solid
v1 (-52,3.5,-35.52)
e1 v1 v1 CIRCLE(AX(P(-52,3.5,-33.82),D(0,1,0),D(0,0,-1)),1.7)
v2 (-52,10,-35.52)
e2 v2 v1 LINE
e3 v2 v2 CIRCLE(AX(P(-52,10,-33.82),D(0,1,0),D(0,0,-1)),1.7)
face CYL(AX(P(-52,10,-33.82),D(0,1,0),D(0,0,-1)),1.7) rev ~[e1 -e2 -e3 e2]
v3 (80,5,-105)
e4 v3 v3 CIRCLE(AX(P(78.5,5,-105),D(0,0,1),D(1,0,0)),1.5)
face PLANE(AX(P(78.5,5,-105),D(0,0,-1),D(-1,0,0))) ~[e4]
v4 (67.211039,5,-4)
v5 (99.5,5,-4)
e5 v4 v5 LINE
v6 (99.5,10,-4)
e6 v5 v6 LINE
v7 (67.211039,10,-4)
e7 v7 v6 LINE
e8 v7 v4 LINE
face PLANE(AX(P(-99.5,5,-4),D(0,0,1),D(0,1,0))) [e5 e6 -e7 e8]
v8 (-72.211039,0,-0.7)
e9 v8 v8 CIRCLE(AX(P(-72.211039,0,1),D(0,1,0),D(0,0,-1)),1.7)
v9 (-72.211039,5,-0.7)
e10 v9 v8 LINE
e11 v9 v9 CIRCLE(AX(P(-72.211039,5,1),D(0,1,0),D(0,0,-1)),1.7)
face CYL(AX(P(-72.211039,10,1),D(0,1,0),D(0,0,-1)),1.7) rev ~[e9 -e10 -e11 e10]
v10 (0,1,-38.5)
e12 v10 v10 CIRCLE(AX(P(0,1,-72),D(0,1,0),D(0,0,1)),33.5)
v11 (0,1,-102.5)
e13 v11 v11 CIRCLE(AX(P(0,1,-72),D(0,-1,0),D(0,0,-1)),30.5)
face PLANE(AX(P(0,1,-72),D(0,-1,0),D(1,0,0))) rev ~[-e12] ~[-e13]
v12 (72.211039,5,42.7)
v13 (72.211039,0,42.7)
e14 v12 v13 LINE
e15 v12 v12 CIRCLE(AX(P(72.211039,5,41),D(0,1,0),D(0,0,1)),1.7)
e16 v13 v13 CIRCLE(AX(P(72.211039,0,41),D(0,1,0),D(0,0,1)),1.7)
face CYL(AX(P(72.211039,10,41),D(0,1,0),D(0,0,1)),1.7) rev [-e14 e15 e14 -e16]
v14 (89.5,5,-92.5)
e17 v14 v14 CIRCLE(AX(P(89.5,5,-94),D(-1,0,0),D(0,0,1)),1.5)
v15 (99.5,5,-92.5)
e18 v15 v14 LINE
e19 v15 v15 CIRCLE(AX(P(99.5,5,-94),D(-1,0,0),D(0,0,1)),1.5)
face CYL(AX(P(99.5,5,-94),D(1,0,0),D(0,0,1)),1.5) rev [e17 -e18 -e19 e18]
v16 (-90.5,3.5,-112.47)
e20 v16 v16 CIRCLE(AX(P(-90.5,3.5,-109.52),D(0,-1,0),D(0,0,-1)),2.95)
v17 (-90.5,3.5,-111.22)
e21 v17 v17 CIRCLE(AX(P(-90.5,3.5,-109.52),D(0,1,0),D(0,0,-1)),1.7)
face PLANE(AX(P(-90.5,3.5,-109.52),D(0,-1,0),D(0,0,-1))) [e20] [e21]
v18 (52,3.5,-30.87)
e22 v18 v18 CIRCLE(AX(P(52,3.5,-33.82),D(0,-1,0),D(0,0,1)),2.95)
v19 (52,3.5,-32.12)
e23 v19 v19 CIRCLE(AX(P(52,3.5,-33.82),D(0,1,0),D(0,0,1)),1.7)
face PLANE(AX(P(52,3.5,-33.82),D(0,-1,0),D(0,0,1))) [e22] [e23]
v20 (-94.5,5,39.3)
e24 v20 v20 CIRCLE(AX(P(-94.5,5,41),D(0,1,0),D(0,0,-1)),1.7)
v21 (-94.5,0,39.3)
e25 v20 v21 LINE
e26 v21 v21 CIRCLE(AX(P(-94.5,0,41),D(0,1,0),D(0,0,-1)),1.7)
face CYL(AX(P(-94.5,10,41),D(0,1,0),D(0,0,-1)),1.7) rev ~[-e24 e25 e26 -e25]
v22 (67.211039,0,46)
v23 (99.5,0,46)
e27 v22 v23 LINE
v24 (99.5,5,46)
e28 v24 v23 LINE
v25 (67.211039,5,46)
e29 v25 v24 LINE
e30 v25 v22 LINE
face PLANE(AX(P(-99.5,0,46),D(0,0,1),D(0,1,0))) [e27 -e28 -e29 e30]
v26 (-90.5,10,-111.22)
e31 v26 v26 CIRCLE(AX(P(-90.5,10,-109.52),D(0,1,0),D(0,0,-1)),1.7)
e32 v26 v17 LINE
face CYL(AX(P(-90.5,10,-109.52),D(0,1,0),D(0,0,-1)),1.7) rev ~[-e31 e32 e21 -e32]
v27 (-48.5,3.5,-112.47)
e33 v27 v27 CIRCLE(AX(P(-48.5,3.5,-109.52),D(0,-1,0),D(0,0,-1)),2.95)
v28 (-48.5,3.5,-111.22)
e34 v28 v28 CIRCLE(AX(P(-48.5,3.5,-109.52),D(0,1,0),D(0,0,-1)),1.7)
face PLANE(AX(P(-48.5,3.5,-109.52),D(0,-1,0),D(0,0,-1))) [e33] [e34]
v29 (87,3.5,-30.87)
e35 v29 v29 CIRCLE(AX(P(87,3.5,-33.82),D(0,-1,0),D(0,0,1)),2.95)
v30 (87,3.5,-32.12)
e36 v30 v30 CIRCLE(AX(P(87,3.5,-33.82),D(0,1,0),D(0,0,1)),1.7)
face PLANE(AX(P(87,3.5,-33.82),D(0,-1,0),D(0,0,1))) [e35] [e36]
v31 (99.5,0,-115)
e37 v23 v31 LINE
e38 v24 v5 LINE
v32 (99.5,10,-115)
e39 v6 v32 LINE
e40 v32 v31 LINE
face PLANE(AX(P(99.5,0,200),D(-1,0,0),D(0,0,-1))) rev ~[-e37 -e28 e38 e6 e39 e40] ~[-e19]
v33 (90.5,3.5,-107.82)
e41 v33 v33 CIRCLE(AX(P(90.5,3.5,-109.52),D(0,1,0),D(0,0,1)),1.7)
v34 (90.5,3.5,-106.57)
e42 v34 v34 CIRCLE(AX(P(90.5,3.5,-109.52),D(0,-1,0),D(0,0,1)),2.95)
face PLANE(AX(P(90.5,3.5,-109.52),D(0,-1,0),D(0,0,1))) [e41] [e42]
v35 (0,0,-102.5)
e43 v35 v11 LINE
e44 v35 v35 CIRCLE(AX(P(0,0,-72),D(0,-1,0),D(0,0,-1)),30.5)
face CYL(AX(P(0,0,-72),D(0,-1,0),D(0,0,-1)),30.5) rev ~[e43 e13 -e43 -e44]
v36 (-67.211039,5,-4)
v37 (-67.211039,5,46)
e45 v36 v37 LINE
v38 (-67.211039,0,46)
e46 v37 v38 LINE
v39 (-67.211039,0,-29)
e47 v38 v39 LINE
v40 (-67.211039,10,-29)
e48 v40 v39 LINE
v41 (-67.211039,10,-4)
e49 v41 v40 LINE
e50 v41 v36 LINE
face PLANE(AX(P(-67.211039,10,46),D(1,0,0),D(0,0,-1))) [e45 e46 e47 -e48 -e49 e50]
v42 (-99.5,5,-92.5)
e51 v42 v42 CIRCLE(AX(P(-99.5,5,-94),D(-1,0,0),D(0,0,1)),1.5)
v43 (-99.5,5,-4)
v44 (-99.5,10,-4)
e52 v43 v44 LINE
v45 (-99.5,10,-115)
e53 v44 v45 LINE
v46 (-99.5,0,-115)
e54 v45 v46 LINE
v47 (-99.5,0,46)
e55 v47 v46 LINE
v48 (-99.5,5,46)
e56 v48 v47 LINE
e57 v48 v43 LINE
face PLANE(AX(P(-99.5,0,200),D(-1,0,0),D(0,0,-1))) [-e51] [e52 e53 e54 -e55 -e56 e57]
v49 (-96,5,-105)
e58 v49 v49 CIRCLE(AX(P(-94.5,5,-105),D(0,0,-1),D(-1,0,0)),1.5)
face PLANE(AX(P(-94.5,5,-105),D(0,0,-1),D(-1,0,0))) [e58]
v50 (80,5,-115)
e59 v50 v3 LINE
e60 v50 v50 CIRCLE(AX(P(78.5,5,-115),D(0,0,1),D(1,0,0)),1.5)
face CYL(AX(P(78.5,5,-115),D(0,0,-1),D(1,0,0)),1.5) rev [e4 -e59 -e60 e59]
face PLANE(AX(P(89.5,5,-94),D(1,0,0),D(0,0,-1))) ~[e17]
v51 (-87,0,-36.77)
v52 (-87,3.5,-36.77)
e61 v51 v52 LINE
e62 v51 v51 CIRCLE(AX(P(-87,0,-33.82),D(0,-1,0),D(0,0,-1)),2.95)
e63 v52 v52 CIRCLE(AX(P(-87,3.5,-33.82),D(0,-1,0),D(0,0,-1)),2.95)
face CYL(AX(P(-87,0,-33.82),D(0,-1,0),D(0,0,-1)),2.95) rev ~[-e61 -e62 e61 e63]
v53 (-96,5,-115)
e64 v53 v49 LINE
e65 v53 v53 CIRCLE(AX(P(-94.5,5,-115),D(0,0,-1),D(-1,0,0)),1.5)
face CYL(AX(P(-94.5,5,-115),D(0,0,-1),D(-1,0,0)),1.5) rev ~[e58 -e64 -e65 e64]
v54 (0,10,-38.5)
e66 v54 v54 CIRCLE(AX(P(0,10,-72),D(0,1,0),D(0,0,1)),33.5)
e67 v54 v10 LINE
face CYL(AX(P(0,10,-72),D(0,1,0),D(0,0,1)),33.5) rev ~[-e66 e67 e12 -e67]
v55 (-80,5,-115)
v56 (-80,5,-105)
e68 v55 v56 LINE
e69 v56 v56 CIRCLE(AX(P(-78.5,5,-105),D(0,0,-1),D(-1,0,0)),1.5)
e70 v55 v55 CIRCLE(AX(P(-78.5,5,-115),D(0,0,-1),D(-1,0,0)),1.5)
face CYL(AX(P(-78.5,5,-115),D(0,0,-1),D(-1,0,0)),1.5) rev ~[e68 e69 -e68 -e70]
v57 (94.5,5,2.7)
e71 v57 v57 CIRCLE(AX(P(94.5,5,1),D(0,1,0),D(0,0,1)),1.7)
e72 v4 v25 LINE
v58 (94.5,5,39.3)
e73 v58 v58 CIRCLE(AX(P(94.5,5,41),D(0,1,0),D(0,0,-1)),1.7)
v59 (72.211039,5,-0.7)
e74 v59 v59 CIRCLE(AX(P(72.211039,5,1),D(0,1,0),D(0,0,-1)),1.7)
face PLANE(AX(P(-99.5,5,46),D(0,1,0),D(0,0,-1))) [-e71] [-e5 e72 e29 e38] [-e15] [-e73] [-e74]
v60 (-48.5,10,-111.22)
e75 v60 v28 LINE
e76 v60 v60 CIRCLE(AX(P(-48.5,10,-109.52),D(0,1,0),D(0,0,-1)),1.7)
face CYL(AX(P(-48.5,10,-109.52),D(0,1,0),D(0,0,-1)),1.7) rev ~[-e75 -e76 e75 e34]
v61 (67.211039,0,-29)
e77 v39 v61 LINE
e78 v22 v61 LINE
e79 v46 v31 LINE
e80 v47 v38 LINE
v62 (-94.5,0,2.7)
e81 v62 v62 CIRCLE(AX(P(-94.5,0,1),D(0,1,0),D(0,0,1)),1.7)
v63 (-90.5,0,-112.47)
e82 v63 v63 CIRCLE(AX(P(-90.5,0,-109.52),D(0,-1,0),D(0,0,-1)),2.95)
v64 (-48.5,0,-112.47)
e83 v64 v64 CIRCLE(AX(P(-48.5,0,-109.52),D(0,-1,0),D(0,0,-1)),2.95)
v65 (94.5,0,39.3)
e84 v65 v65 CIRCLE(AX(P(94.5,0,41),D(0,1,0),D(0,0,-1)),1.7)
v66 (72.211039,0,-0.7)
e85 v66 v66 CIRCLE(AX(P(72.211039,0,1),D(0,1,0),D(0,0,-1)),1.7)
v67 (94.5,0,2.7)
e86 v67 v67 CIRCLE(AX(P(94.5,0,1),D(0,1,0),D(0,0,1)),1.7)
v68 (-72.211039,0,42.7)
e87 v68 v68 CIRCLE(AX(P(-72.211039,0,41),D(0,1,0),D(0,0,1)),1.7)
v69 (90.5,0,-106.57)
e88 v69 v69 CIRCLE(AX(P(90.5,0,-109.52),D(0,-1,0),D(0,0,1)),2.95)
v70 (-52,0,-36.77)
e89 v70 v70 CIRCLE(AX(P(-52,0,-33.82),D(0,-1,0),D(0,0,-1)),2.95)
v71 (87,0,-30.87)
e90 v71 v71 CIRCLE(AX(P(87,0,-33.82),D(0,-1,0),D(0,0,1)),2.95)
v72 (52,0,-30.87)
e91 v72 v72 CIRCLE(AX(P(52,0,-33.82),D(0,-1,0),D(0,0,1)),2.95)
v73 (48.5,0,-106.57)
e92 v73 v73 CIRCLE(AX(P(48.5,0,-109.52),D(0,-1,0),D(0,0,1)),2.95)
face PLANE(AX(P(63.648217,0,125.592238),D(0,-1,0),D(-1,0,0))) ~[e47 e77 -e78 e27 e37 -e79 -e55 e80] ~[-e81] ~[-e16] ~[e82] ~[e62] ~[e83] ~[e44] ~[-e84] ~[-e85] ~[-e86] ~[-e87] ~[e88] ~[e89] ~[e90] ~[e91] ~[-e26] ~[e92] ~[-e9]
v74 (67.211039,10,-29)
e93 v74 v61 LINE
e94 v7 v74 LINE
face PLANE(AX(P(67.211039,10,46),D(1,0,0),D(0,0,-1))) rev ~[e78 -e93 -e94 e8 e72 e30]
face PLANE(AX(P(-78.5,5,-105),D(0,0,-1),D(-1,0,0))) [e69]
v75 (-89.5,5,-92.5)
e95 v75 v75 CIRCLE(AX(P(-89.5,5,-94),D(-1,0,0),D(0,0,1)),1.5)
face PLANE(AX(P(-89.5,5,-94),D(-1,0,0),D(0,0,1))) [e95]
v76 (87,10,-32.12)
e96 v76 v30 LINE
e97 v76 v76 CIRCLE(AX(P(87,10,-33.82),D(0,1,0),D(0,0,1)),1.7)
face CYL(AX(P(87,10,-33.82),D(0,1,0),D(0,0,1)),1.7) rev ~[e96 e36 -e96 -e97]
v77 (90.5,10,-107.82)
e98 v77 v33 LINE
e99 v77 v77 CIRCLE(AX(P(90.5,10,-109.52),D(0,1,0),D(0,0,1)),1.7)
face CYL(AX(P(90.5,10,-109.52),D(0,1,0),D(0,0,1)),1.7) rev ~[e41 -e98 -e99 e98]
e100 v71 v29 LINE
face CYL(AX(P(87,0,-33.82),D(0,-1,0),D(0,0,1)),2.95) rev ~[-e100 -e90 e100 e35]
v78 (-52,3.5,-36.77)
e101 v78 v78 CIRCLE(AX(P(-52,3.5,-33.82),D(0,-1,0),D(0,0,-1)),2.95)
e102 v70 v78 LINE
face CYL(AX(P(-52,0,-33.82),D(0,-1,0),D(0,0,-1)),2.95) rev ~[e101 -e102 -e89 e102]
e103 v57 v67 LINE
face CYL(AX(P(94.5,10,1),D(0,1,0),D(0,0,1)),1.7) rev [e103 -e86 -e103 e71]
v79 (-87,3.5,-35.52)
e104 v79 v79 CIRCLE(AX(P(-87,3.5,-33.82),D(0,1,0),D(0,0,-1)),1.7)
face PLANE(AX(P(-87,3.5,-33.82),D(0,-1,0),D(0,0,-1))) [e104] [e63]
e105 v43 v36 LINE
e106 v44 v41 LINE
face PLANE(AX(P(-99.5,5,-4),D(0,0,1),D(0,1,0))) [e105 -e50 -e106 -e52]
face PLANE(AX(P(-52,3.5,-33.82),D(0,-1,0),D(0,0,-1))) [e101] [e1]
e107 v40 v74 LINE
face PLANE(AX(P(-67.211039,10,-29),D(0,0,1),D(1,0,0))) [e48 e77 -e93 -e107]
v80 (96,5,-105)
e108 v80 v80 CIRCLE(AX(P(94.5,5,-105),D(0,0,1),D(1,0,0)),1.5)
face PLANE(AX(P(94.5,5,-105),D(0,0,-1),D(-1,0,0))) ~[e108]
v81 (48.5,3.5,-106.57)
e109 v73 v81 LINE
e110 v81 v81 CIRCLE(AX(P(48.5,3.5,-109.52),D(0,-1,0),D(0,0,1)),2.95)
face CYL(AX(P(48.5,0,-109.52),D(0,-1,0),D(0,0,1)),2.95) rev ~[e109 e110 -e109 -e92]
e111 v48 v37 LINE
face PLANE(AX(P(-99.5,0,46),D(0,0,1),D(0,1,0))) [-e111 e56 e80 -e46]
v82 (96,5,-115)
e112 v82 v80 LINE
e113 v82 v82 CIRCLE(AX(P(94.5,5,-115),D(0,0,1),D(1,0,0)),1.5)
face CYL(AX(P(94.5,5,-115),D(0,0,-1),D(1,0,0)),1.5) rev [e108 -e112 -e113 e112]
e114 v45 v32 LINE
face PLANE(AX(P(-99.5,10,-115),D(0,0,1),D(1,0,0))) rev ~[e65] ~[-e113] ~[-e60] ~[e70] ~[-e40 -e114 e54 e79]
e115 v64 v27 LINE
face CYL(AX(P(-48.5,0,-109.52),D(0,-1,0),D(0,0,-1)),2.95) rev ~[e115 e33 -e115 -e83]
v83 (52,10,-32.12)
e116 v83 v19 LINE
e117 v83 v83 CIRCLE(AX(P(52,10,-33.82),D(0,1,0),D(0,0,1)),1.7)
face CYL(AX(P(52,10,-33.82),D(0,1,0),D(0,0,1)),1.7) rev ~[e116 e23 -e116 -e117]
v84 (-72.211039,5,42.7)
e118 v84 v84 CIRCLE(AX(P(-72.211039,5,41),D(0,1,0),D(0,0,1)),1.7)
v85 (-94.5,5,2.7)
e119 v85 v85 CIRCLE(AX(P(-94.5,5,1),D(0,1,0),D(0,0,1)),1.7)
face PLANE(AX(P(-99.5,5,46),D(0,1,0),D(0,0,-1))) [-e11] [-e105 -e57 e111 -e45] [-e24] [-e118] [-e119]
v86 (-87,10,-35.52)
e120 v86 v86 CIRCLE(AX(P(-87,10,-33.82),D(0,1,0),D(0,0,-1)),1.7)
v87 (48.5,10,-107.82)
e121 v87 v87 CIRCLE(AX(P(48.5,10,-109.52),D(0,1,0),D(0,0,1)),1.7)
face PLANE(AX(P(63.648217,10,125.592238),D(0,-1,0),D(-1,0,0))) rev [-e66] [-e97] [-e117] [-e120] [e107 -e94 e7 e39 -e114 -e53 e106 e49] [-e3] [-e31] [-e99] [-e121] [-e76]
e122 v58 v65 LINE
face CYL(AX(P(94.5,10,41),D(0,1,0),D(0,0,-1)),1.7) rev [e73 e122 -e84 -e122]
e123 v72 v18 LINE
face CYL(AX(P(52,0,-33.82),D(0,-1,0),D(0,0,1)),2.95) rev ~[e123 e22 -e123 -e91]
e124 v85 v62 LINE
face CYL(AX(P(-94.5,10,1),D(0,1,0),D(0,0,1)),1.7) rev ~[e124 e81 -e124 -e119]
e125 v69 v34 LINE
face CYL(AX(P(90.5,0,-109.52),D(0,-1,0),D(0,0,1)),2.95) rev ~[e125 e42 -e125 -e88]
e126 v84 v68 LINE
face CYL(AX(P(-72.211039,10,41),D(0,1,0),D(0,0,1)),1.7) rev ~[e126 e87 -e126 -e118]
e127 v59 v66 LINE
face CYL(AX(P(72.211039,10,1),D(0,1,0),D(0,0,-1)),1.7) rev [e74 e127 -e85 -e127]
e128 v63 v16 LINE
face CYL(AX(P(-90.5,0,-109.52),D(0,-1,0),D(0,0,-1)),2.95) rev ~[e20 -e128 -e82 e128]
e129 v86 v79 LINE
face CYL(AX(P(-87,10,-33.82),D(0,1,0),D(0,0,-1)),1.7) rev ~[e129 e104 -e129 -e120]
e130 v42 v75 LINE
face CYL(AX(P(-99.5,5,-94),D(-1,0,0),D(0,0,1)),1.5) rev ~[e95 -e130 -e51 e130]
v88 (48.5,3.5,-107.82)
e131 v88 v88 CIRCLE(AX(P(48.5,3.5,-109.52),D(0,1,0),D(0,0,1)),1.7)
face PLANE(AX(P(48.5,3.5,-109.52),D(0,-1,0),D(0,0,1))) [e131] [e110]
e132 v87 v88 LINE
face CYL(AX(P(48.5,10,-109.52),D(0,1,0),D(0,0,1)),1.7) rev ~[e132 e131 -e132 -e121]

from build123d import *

# Parameters (mm, degrees)
SKIZZE1_W                        = 199
SKIZZE1_H                        = 400
AUFSATZ_LINEAR_AUSTRAGEN1_DEPTH  = 10
SKIZZE5_W                        = 199
SKIZZE5_H                        = 85
SCHNITT_LINEAR_AUSTRAGEN2_DEPTH  = 10
SKIZZE6_R                        = 1.7
SCHNITT_LINEAR_AUSTRAGEN3_DEPTH  = 224.607356766
SCHNITT_LINEAR_AUSTRAGEN4_DEPTH  = 4
SKIZZE16_W                       = 35
SKIZZE16_H                       = 7
SCHNITT_LINEAR_AUSTRAGEN10_DEPTH = 5
SCHNITT_LINEAR_AUSTRAGEN11_DEPTH = 35
SKIZZE20_R                       = 1.7
SCHNITT_LINEAR_AUSTRAGEN12_DEPTH = 224.607356766
SKIZZE21_W                       = 134.422077922
SKIZZE21_H                       = 75
SCHNITT_LINEAR_AUSTRAGEN13_DEPTH = 224.607356766
SCHNITT_LINEAR_AUSTRAGEN14_DEPTH = 224.607356766
AUFSATZ_LINEAR_AUSTRAGEN6_DEPTH  = 10
SKIZZE25_R                       = 1.7
SCHNITT_LINEAR_AUSTRAGEN15_DEPTH = 224.607356766
SCHNITT_LINEAR_AUSTRAGEN16_DEPTH = 283.313655355
SKIZZE27_R                       = 33.5
SCHNITT_LINEAR_AUSTRAGEN17_DEPTH = 153.398326762
SKIZZE28_R                       = 36.006256149
SKIZZE28_R_2                     = 30.5
AUFSATZ_LINEAR_AUSTRAGEN7_DEPTH  = 1
SKIZZE29_R                       = 1.5
SCHNITT_LINEAR_AUSTRAGEN18_DEPTH = 10
SKIZZE30_R                       = 1.5
SCHNITT_LINEAR_AUSTRAGEN19_DEPTH = 10
SKIZZE31_R                       = 2.95
SCHNITT_LINEAR_AUSTRAGEN20_DEPTH = 3.5


with BuildPart() as part:
    # Skizze1 → Aufsatz-Linear austragen1 (new body)
    with BuildSketch(Plane(origin=(0, 0, 0), x_dir=(1, 0, 0), z_dir=(0, 1, 0))):
        Rectangle(SKIZZE1_W, SKIZZE1_H)
    extrude(amount=AUFSATZ_LINEAR_AUSTRAGEN1_DEPTH)

    # Skizze5 → Schnitt-Linear austragen2 (cut)
    with BuildSketch(Plane(origin=(0, 10, 0), x_dir=(1, 0, 0), z_dir=(0, 1, 0))):
        Polygon((99.5, -200), (18, -200), (99.5, -46), align=None)
        Polygon((-18, -200), (-99.5, -46), (-99.5, -200), align=None)
        with Locations((0, 157.5)):
            Rectangle(SKIZZE5_W, SKIZZE5_H)
        Polygon((67.211038961, -46), (-67.211038961, -46), (-2.646103896, -168), (2.646103896, -168), align=None)
    extrude(amount=-SCHNITT_LINEAR_AUSTRAGEN2_DEPTH, mode=Mode.SUBTRACT)

    # Skizze6 → Schnitt-Linear austragen3 (cut, through all)
    with BuildSketch(Plane(origin=(0, 10, 0), x_dir=(1, 0, 0), z_dir=(0, 1, 0))):
        with Locations(Location((-11, -195, 0), (0, 0, 270))):
            Circle(SKIZZE6_R)
        with Locations(Location((-11, -178.18, 0), (0, 0, 90))):
            Circle(SKIZZE6_R)
        with Locations(Location((11, -195, 0), (0, 0, 90))):
            Circle(SKIZZE6_R)
        with Locations(Location((11, -178.18, 0), (0, 0, 270))):
            Circle(SKIZZE6_R)
    extrude(amount=-SCHNITT_LINEAR_AUSTRAGEN3_DEPTH, mode=Mode.SUBTRACT)

    # Skizze7 → Schnitt-Linear austragen4 (cut)
    with BuildSketch(Plane.XZ):
        Polygon((-11, 198.406366588), (-8.05, 196.703183294), (-8.05, 193.296816706), (-11, 191.593633412), (-13.95, 193.296816706), (-13.95, 196.703183294), align=None)
        Polygon((11, 198.406366588), (8.05, 196.703183294), (8.05, 193.296816706), (11, 191.593633412), (13.95, 193.296816706), (13.95, 196.703183294), align=None)
        Polygon((-8.05, 176.476816706), (-8.05, 179.883183294), (-11, 181.586366588), (-13.95, 179.883183294), (-13.95, 176.476816706), (-11, 174.773633412), align=None)
        Polygon((8.05, 176.476816706), (8.05, 179.883183294), (11, 181.586366588), (13.95, 179.883183294), (13.95, 176.476816706), (11, 174.773633412), align=None)
    extrude(amount=-SCHNITT_LINEAR_AUSTRAGEN4_DEPTH, mode=Mode.SUBTRACT)

    # Skizze16 → Schnitt-Linear austragen10 (cut)
    with BuildSketch(Plane.XZ):
        with Locations((0, 186.59)):
            Rectangle(SKIZZE16_W, SKIZZE16_H)
    extrude(amount=-SCHNITT_LINEAR_AUSTRAGEN10_DEPTH, mode=Mode.SUBTRACT)

    # Skizze17 → Schnitt-Linear austragen11 (cut)
    with BuildSketch(Plane.ZY.offset(-17.5)):
        Polygon((183.09, 5), (186.59, 8.5), (190.09, 5), align=None)
    extrude(amount=SCHNITT_LINEAR_AUSTRAGEN11_DEPTH, mode=Mode.SUBTRACT)

    # Skizze20 → Schnitt-Linear austragen12 (cut, through all)
    with BuildSketch(Plane(origin=(0, 10, 0), x_dir=(1, 0, 0), z_dir=(0, 1, 0))):
        with Locations(Location((90.5, 109.52, 0), (0, 0, 270))):
            Circle(SKIZZE20_R)
        with Locations(Location((48.5, 109.52, 0), (0, 0, 270))):
            Circle(SKIZZE20_R)
        with Locations(Location((-48.5, 109.52, 0), (0, 0, 90))):
            Circle(SKIZZE20_R)
        with Locations(Location((-90.5, 109.52, 0), (0, 0, 90))):
            Circle(SKIZZE20_R)
        with Locations(Location((87, 33.82, 0), (0, 0, 270))):
            Circle(SKIZZE20_R)
        with Locations(Location((52, 33.82, 0), (0, 0, 270))):
            Circle(SKIZZE20_R)
        with Locations(Location((-87, 33.82, 0), (0, 0, 90))):
            Circle(SKIZZE20_R)
        with Locations(Location((-52, 33.82, 0), (0, 0, 90))):
            Circle(SKIZZE20_R)
    extrude(amount=-SCHNITT_LINEAR_AUSTRAGEN12_DEPTH, mode=Mode.SUBTRACT)

    # Skizze21 → Schnitt-Linear austragen13 (cut, through all)
    with BuildSketch(Plane(origin=(0, 10, 0), x_dir=(1, 0, 0), z_dir=(0, 1, 0))):
        with Locations((0, -8.5)):
            Rectangle(SKIZZE21_W, SKIZZE21_H)
    extrude(amount=-SCHNITT_LINEAR_AUSTRAGEN13_DEPTH, mode=Mode.SUBTRACT)

    # Skizze22 → Schnitt-Linear austragen14 (cut, through all)
    with BuildSketch(Plane(origin=(0, 10, 0), x_dir=(1, 0, 0), z_dir=(0, 1, 0))):
        with BuildLine():
            Line((-67.211038961, -46), (-2.646103896, -168))
            ThreePointArc((-2.646103896, -168), (-52.825886854, -116.471631215), (-67.211038961, -46))
        make_face()
    schnitt_linear_austragen14 = extrude(amount=-SCHNITT_LINEAR_AUSTRAGEN14_DEPTH, mode=Mode.SUBTRACT)

    # Skizze23 → Aufsatz-Linear austragen6 (add)
    with BuildSketch(Plane(origin=(0, 10, 0), x_dir=(1, 0, 0), z_dir=(0, 1, 0))):
        with BuildLine():
            Line((-99.5, -46), (-18, -200))
            ThreePointArc((-18, -200), (-75.095260266, -131.650251374), (-99.5, -46))
        make_face()
    aufsatz_linear_austragen6 = extrude(amount=-AUFSATZ_LINEAR_AUSTRAGEN6_DEPTH)

    # Spiegeln2: Schnitt-Linear austragen14, Aufsatz-Linear austragen6 across plane
    add(schnitt_linear_austragen14.mirror(Plane(origin=(0, 0, 0), x_dir=(0, 0, 1), z_dir=(1, 0, 0))), mode=Mode.SUBTRACT)
    add(aufsatz_linear_austragen6.mirror(Plane(origin=(0, 0, 0), x_dir=(0, 0, 1), z_dir=(1, 0, 0))))

    # Skizze25 → Schnitt-Linear austragen15 (cut, through all)
    with BuildSketch(Plane(origin=(0, 10, 0), x_dir=(1, 0, 0), z_dir=(0, 1, 0))):
        with Locations(Location((-94.5, -1, 0), (0, 0, 270))):
            Circle(SKIZZE25_R)
        with Locations(Location((-72.211038961, -1, 0), (0, 0, 90))):
            Circle(SKIZZE25_R)
        with Locations(Location((-72.211038961, -41, 0), (0, 0, 270))):
            Circle(SKIZZE25_R)
        with Locations(Location((-94.5, -41, 0), (0, 0, 90))):
            Circle(SKIZZE25_R)
    schnitt_linear_austragen15 = extrude(amount=-SCHNITT_LINEAR_AUSTRAGEN15_DEPTH, mode=Mode.SUBTRACT)

    # Spiegeln3: Schnitt-Linear austragen15 across plane
    add(schnitt_linear_austragen15.mirror(Plane(origin=(0, 0, 0), x_dir=(0, 0, 1), z_dir=(1, 0, 0))), mode=Mode.SUBTRACT)

    # Skizze26 → Schnitt-Linear austragen16 (cut, through all)
    with BuildSketch(Plane.ZY.offset(99.5)):
        Polygon((-4, 5), (-4, 13.101486595), (200.684563047, 82.546277137), (242.997216492, -41.037631402), (91.241487897, -60.284782055), (46, 0), (46, 5), align=None)
    extrude(amount=-SCHNITT_LINEAR_AUSTRAGEN16_DEPTH, mode=Mode.SUBTRACT)

    # Skizze27 → Schnitt-Linear austragen17 (cut, through all)
    with BuildSketch(Plane(origin=(0, 10, 0), x_dir=(1, 0, 0), z_dir=(0, 1, 0))):
        with Locations(Location((0, 72, 0), (0, 0, 270))):
            Circle(SKIZZE27_R)
    extrude(amount=-SCHNITT_LINEAR_AUSTRAGEN17_DEPTH, mode=Mode.SUBTRACT)

    # Skizze28 → Aufsatz-Linear austragen7 (add)
    with BuildSketch(Plane.XZ):
        with Locations((0, -72)):
            Circle(SKIZZE28_R)
        with Locations(Location((0, -72, 0), (0, 0, 270))):
            Circle(SKIZZE28_R_2, mode=Mode.SUBTRACT)
    extrude(amount=-AUFSATZ_LINEAR_AUSTRAGEN7_DEPTH)

    # Skizze29 → Schnitt-Linear austragen18 (cut)
    with BuildSketch(Plane.ZY.offset(99.5)):
        with Locations((-94, 5)):
            Circle(SKIZZE29_R)
    schnitt_linear_austragen18 = extrude(amount=-SCHNITT_LINEAR_AUSTRAGEN18_DEPTH, mode=Mode.SUBTRACT)

    # Skizze30 → Schnitt-Linear austragen19 (cut)
    with BuildSketch(Plane(origin=(0, 0, -115), x_dir=(-1, 0, 0), z_dir=(0, 0, -1))):
        with Locations((94.5, 5)):
            Circle(SKIZZE30_R)
        with Locations((78.5, 5)):
            Circle(SKIZZE30_R)
    schnitt_linear_austragen19 = extrude(amount=-SCHNITT_LINEAR_AUSTRAGEN19_DEPTH, mode=Mode.SUBTRACT)

    # Spiegeln4: Schnitt-Linear austragen18, Schnitt-Linear austragen19 across plane
    add(schnitt_linear_austragen18.mirror(Plane(origin=(0, 0, 0), x_dir=(0, 0, 1), z_dir=(1, 0, 0))), mode=Mode.SUBTRACT)
    add(schnitt_linear_austragen19.mirror(Plane(origin=(0, 0, 0), x_dir=(0, 0, 1), z_dir=(1, 0, 0))), mode=Mode.SUBTRACT)

    # Skizze31 → Schnitt-Linear austragen20 (cut)
    with BuildSketch(Plane.XZ):
        with Locations(Location((-90.5, -109.52, 0), (0, 0, 270))):
            Circle(SKIZZE31_R)
        with Locations(Location((-48.5, -109.52, 0), (0, 0, 270))):
            Circle(SKIZZE31_R)
        with Locations(Location((-87, -33.82, 0), (0, 0, 270))):
            Circle(SKIZZE31_R)
        with Locations(Location((-52, -33.82, 0), (0, 0, 270))):
            Circle(SKIZZE31_R)
        with Locations(Location((52, -33.82, 0), (0, 0, 90))):
            Circle(SKIZZE31_R)
        with Locations(Location((87, -33.82, 0), (0, 0, 90))):
            Circle(SKIZZE31_R)
        with Locations(Location((48.5, -109.52, 0), (0, 0, 90))):
            Circle(SKIZZE31_R)
        with Locations(Location((90.5, -109.52, 0), (0, 0, 90))):
            Circle(SKIZZE31_R)
    extrude(amount=-SCHNITT_LINEAR_AUSTRAGEN20_DEPTH, mode=Mode.SUBTRACT)


solid = part.part
